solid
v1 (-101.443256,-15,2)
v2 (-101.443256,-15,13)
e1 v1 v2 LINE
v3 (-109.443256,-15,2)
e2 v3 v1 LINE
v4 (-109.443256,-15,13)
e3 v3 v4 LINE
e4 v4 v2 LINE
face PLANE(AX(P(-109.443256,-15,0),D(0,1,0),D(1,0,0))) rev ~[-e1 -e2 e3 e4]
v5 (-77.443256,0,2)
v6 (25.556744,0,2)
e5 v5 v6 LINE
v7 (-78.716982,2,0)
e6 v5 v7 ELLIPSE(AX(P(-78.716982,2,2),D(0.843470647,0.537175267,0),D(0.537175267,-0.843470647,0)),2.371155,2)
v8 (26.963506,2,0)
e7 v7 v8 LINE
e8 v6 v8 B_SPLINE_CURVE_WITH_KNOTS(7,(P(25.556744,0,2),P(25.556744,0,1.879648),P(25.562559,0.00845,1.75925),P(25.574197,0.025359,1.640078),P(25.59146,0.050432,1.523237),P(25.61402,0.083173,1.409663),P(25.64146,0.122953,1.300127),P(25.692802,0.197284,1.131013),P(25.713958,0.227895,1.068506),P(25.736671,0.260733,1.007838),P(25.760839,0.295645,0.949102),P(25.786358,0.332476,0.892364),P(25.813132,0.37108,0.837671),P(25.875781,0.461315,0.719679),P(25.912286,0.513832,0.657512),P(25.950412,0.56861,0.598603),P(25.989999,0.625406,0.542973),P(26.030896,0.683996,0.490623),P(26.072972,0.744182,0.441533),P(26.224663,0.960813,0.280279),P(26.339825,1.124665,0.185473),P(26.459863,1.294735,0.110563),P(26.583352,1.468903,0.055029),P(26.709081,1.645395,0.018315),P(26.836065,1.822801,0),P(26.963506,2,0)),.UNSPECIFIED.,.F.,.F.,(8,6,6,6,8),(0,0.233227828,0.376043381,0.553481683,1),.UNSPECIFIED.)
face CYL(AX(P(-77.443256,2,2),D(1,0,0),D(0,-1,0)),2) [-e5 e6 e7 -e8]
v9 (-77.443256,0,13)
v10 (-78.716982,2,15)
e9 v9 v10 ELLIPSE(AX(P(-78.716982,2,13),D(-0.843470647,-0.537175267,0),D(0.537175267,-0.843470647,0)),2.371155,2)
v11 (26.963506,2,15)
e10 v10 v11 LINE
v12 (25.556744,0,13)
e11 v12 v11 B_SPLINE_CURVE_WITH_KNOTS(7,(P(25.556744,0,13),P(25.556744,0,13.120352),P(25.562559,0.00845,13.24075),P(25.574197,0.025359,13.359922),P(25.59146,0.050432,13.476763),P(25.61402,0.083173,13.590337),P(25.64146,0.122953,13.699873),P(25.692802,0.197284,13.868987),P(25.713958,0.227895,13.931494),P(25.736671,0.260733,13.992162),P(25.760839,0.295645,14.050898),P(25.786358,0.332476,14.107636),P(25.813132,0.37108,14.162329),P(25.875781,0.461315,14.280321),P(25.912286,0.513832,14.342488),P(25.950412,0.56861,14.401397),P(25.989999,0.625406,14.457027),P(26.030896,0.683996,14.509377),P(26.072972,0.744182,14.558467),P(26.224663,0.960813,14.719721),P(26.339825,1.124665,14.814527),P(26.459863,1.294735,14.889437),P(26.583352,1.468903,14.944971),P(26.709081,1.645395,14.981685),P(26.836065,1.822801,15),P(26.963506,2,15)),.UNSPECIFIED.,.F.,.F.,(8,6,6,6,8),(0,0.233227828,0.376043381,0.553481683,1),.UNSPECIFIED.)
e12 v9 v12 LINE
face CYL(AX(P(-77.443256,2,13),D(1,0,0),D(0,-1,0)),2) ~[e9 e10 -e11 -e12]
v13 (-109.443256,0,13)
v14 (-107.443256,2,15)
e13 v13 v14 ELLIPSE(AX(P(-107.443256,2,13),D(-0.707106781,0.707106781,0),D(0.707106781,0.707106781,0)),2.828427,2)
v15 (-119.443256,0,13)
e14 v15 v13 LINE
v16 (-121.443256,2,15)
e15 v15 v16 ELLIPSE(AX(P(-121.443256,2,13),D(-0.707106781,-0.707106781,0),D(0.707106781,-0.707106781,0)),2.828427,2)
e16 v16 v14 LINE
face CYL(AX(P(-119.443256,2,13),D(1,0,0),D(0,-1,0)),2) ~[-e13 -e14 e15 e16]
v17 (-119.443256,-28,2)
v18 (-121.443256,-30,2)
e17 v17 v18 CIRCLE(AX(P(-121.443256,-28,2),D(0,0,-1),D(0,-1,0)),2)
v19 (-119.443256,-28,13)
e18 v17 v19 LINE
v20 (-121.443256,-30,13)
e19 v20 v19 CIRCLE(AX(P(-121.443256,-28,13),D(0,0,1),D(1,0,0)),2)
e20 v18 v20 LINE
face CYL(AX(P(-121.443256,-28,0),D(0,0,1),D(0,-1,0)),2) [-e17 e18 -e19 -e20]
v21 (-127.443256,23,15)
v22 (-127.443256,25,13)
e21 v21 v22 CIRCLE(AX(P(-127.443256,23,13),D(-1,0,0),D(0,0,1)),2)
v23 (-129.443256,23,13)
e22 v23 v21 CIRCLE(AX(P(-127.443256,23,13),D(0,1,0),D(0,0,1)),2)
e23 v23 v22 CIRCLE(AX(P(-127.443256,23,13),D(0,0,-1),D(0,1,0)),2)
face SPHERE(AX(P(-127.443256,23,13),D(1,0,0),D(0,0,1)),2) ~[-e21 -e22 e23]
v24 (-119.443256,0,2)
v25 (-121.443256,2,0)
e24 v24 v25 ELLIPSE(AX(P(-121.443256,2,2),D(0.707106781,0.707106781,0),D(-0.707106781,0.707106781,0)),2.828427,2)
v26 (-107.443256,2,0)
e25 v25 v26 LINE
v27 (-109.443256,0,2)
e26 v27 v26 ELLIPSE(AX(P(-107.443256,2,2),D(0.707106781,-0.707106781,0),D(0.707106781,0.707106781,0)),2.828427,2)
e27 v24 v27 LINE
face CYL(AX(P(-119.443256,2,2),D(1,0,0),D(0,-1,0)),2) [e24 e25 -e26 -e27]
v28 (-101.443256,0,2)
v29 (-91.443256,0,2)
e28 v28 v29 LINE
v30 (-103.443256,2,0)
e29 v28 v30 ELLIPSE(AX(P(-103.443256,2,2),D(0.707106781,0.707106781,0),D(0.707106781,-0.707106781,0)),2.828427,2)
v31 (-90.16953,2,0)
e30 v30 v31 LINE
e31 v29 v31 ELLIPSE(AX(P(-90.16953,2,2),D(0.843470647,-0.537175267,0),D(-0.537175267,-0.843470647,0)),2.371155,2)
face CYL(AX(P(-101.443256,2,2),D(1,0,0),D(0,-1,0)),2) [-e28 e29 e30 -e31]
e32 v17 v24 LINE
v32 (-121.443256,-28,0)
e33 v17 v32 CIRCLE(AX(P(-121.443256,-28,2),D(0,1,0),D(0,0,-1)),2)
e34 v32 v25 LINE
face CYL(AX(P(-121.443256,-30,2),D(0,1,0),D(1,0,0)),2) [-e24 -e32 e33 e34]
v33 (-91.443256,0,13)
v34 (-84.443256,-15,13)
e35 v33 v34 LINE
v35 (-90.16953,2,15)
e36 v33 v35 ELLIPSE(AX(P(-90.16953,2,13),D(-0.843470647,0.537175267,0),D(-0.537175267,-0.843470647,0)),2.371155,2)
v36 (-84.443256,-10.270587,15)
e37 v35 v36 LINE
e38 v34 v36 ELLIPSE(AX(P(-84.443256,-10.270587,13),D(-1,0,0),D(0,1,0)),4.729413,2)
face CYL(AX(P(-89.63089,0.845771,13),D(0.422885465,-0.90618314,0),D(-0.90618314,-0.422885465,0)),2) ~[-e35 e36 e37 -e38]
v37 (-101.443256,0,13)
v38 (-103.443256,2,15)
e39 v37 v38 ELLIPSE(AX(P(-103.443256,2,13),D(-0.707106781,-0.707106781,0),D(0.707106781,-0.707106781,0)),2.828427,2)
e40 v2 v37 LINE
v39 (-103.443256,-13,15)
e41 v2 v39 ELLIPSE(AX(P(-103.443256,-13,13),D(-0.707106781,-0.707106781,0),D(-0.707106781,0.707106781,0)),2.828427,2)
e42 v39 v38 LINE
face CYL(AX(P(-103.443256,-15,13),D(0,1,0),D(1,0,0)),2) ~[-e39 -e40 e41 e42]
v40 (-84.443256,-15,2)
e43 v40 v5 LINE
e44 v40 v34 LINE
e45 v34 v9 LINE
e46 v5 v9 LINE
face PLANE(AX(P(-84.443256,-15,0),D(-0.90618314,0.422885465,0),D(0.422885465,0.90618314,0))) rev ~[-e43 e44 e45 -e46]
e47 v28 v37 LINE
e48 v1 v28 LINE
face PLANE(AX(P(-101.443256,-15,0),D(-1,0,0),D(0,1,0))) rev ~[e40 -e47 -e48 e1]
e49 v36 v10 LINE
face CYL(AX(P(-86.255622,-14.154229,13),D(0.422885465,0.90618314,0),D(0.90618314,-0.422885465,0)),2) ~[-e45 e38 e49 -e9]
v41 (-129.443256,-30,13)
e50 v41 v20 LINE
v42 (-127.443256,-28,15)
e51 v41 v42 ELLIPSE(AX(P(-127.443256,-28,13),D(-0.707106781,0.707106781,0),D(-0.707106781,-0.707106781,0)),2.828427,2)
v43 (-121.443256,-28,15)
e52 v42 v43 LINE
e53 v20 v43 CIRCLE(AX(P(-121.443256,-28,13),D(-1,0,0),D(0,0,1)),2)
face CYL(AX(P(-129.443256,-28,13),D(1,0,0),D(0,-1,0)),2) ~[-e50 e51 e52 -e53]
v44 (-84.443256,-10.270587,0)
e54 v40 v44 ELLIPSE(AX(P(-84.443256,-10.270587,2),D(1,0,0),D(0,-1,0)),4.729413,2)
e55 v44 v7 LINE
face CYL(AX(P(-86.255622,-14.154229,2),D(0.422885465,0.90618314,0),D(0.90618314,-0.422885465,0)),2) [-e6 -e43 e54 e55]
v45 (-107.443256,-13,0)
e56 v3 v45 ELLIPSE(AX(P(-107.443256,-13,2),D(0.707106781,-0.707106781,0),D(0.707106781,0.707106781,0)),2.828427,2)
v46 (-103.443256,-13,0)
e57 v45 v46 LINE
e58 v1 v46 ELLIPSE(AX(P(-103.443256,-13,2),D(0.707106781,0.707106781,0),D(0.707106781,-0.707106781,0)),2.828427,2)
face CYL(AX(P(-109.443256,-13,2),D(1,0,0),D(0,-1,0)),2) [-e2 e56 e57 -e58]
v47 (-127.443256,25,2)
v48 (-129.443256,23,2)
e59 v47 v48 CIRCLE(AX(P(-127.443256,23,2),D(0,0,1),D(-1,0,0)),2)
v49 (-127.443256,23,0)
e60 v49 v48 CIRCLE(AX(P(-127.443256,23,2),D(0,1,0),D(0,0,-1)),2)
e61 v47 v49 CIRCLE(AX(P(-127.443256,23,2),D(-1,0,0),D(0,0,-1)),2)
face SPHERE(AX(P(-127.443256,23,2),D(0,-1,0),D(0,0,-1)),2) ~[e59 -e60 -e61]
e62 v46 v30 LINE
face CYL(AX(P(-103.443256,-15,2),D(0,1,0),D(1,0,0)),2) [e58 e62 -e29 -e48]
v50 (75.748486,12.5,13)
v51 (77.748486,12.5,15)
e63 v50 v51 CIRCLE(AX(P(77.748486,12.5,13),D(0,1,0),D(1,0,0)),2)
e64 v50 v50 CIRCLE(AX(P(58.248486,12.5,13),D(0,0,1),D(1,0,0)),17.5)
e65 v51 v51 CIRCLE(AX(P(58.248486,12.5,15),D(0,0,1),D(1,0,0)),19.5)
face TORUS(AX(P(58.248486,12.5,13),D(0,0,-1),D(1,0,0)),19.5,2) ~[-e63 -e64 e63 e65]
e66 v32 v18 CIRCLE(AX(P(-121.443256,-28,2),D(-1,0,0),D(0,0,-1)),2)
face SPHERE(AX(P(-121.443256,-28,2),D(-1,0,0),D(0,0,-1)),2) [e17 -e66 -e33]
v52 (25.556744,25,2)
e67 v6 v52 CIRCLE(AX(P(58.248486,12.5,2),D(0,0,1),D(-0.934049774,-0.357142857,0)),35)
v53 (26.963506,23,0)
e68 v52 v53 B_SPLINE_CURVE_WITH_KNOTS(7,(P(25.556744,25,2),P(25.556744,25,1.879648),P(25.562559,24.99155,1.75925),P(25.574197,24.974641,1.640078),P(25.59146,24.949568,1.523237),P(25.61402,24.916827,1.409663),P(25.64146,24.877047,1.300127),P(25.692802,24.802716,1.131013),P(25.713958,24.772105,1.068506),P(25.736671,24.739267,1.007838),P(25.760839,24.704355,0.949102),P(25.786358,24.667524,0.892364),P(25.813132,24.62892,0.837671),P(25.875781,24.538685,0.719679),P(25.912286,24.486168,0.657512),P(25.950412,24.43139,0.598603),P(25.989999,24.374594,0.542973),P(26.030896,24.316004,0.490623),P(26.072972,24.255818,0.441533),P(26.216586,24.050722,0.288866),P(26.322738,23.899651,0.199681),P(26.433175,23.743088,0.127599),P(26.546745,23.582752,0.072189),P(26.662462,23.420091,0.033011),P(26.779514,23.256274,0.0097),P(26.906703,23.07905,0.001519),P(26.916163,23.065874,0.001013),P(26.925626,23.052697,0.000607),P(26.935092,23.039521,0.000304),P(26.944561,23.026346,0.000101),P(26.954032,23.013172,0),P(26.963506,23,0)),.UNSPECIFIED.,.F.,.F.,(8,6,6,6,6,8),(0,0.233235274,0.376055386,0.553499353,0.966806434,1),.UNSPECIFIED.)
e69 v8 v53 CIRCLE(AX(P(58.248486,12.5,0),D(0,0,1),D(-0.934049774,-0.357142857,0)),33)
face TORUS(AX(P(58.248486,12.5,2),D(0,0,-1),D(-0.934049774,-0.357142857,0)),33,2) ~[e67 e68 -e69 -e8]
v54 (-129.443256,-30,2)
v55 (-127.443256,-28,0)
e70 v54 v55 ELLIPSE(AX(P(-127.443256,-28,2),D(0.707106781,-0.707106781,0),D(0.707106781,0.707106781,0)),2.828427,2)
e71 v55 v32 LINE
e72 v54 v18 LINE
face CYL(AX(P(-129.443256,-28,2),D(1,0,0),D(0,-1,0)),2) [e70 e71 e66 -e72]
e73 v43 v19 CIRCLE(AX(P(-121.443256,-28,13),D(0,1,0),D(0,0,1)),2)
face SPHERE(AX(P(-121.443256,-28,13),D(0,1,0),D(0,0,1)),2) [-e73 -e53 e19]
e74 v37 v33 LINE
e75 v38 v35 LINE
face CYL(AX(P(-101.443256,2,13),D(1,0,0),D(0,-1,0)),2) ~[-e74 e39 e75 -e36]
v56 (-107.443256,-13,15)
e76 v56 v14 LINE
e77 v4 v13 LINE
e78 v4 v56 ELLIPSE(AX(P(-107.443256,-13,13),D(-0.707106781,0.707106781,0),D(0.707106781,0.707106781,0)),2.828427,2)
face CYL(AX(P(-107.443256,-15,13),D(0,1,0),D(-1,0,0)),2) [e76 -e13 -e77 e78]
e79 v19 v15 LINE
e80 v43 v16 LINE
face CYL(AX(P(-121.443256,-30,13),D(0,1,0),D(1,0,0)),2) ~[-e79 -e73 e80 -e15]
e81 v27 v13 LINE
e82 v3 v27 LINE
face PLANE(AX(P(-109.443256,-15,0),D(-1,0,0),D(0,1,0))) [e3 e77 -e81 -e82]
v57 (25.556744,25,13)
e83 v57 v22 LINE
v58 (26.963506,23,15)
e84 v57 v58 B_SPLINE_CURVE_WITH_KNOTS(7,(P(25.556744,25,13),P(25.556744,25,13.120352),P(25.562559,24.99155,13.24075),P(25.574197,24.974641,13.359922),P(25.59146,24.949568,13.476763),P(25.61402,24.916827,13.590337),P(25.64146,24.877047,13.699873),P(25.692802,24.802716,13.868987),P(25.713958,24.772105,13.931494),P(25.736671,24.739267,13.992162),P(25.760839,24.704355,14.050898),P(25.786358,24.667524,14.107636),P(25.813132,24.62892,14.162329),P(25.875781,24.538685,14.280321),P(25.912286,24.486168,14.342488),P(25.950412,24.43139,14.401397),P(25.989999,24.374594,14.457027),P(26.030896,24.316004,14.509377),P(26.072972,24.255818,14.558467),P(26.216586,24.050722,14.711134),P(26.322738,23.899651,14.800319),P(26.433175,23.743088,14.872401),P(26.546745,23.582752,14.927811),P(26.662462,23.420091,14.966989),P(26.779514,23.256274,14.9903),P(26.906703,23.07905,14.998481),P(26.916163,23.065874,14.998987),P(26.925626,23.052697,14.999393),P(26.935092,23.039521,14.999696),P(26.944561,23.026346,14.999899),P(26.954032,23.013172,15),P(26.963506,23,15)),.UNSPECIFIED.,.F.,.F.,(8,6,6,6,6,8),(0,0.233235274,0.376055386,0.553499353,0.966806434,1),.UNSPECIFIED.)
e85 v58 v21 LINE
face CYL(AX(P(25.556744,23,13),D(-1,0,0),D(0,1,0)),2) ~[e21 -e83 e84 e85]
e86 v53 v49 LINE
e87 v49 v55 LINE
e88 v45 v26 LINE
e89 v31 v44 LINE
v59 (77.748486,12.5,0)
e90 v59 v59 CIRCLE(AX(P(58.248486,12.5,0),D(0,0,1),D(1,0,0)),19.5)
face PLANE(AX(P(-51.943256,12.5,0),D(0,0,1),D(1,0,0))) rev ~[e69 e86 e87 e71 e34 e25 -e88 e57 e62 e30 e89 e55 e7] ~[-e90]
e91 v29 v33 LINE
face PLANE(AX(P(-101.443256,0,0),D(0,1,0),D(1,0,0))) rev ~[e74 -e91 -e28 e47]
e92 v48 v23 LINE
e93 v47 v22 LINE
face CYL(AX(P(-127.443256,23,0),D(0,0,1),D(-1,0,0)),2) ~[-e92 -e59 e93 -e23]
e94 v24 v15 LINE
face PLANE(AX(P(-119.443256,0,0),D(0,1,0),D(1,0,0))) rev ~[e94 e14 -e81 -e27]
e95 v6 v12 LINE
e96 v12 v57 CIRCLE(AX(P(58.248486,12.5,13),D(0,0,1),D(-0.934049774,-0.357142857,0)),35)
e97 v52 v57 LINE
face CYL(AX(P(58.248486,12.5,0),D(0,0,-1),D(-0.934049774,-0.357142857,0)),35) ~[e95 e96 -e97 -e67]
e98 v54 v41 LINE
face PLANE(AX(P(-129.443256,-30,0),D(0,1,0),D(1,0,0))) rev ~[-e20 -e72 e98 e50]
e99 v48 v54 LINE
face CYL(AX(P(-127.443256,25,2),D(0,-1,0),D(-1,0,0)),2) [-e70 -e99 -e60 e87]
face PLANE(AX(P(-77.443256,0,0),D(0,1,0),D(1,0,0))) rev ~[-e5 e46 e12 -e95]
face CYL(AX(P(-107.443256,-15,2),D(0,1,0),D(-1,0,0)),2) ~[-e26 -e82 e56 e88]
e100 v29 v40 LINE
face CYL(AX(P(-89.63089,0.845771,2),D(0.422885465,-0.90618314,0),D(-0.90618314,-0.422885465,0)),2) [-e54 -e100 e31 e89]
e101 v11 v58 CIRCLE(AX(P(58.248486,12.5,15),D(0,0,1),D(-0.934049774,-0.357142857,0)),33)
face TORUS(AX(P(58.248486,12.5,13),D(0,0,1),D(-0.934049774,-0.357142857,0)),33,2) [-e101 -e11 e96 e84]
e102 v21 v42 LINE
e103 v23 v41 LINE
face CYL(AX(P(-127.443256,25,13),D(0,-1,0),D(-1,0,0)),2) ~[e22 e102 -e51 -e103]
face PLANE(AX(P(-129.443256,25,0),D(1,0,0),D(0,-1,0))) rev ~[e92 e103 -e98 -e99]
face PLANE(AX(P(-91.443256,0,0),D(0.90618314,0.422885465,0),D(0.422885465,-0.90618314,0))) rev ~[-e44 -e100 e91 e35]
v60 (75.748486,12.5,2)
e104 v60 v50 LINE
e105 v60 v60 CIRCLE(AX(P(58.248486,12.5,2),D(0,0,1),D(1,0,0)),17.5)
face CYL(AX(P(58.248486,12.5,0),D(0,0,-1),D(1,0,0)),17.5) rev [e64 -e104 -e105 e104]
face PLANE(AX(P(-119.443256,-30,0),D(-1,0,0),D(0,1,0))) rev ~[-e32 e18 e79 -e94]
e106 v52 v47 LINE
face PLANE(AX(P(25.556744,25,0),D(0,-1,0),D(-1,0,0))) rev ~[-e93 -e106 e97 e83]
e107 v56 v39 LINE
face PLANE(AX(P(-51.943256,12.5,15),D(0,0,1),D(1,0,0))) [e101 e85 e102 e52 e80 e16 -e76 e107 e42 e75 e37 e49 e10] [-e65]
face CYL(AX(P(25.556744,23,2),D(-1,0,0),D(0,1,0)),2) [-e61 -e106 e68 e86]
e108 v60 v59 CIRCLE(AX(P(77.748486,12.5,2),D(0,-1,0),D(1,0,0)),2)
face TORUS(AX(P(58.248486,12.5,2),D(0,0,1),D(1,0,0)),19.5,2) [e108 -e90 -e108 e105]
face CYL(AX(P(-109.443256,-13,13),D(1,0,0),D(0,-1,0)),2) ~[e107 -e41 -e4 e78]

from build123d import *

# Parameters (mm, degrees)
F0_W     = 10
F0_H     = 30
F0_W_2   = 8
F0_H_2   = 15
F0_R     = 17.5
F1_DEPTH = 15
F2_R     = 2


with BuildPart() as f1:
    # F0 (on Top) → F1 (new body)
    with BuildSketch(Plane.XY):
        Polygon((-129.4432560775, 25), (-129.4432560775, 0), (-119.4432560775, 0), (-109.4432560775, 0), (-101.4432560775, 0), (-91.4432560775, 0), (-77.4432560775, 0), (25.5567439225, 0), (25.5567439225, 25), align=None)
        with Locations((-124.4432560775, -15)):
            Rectangle(F0_W, F0_H)
        with Locations((-105.4432560775, -7.5)):
            Rectangle(F0_W_2, F0_H_2)
        with BuildLine():
            ThreePointArc((25.5567439225, 0), (93.248485999, 12.5), (25.5567439225, 25))
            Line((25.5567439225, 25), (25.5567439225, 0))
        make_face()
        with Locations((58.248485999, 12.5)):
            Circle(F0_R, mode=Mode.SUBTRACT)
        Polygon((-77.4432560775, 0), (-91.4432560775, 0), (-84.4432560775, -15), align=None)
    extrude(amount=F1_DEPTH)

    # F2
    f2_edges = [f1.edges().sort_by_distance(p)[0] for p in [
        (-25.943256, 0, 15),
        (-80.943256, -7.5, 15),
        (93.248486, 12.5, 15),
        (-51.943256, 25, 15),
        (-87.943256, -7.5, 15),
        (-96.443256, 0, 15),
        (-101.443256, -7.5, 15),
        (-114.443256, 0, 15),
        (-119.443256, -15, 15),
        (-129.443256, -2.5, 15),
        (-124.443256, -30, 15),
        (-109.443256, -7.5, 15),
        (-105.443256, -15, 15),
        (40.748486, 12.5, 15),
        (-124.443256, -30, 0),
        (-119.443256, -15, 0),
        (-129.443256, -2.5, 0),
        (-51.943256, 25, 0),
        (-114.443256, 0, 0),
        (-109.443256, -7.5, 0),
        (-105.443256, -15, 0),
        (-87.943256, -7.5, 0),
        (-96.443256, 0, 0),
        (-101.443256, -7.5, 0),
        (-25.943256, 0, 0),
        (-80.943256, -7.5, 0),
        (93.248486, 12.5, 0),
        (40.748486, 12.5, 0),
        (-129.443256, 25, 7.5),
        (-119.443256, -30, 7.5),
    ]]
    fillet(f2_edges, radius=F2_R)


solid = f1.part
